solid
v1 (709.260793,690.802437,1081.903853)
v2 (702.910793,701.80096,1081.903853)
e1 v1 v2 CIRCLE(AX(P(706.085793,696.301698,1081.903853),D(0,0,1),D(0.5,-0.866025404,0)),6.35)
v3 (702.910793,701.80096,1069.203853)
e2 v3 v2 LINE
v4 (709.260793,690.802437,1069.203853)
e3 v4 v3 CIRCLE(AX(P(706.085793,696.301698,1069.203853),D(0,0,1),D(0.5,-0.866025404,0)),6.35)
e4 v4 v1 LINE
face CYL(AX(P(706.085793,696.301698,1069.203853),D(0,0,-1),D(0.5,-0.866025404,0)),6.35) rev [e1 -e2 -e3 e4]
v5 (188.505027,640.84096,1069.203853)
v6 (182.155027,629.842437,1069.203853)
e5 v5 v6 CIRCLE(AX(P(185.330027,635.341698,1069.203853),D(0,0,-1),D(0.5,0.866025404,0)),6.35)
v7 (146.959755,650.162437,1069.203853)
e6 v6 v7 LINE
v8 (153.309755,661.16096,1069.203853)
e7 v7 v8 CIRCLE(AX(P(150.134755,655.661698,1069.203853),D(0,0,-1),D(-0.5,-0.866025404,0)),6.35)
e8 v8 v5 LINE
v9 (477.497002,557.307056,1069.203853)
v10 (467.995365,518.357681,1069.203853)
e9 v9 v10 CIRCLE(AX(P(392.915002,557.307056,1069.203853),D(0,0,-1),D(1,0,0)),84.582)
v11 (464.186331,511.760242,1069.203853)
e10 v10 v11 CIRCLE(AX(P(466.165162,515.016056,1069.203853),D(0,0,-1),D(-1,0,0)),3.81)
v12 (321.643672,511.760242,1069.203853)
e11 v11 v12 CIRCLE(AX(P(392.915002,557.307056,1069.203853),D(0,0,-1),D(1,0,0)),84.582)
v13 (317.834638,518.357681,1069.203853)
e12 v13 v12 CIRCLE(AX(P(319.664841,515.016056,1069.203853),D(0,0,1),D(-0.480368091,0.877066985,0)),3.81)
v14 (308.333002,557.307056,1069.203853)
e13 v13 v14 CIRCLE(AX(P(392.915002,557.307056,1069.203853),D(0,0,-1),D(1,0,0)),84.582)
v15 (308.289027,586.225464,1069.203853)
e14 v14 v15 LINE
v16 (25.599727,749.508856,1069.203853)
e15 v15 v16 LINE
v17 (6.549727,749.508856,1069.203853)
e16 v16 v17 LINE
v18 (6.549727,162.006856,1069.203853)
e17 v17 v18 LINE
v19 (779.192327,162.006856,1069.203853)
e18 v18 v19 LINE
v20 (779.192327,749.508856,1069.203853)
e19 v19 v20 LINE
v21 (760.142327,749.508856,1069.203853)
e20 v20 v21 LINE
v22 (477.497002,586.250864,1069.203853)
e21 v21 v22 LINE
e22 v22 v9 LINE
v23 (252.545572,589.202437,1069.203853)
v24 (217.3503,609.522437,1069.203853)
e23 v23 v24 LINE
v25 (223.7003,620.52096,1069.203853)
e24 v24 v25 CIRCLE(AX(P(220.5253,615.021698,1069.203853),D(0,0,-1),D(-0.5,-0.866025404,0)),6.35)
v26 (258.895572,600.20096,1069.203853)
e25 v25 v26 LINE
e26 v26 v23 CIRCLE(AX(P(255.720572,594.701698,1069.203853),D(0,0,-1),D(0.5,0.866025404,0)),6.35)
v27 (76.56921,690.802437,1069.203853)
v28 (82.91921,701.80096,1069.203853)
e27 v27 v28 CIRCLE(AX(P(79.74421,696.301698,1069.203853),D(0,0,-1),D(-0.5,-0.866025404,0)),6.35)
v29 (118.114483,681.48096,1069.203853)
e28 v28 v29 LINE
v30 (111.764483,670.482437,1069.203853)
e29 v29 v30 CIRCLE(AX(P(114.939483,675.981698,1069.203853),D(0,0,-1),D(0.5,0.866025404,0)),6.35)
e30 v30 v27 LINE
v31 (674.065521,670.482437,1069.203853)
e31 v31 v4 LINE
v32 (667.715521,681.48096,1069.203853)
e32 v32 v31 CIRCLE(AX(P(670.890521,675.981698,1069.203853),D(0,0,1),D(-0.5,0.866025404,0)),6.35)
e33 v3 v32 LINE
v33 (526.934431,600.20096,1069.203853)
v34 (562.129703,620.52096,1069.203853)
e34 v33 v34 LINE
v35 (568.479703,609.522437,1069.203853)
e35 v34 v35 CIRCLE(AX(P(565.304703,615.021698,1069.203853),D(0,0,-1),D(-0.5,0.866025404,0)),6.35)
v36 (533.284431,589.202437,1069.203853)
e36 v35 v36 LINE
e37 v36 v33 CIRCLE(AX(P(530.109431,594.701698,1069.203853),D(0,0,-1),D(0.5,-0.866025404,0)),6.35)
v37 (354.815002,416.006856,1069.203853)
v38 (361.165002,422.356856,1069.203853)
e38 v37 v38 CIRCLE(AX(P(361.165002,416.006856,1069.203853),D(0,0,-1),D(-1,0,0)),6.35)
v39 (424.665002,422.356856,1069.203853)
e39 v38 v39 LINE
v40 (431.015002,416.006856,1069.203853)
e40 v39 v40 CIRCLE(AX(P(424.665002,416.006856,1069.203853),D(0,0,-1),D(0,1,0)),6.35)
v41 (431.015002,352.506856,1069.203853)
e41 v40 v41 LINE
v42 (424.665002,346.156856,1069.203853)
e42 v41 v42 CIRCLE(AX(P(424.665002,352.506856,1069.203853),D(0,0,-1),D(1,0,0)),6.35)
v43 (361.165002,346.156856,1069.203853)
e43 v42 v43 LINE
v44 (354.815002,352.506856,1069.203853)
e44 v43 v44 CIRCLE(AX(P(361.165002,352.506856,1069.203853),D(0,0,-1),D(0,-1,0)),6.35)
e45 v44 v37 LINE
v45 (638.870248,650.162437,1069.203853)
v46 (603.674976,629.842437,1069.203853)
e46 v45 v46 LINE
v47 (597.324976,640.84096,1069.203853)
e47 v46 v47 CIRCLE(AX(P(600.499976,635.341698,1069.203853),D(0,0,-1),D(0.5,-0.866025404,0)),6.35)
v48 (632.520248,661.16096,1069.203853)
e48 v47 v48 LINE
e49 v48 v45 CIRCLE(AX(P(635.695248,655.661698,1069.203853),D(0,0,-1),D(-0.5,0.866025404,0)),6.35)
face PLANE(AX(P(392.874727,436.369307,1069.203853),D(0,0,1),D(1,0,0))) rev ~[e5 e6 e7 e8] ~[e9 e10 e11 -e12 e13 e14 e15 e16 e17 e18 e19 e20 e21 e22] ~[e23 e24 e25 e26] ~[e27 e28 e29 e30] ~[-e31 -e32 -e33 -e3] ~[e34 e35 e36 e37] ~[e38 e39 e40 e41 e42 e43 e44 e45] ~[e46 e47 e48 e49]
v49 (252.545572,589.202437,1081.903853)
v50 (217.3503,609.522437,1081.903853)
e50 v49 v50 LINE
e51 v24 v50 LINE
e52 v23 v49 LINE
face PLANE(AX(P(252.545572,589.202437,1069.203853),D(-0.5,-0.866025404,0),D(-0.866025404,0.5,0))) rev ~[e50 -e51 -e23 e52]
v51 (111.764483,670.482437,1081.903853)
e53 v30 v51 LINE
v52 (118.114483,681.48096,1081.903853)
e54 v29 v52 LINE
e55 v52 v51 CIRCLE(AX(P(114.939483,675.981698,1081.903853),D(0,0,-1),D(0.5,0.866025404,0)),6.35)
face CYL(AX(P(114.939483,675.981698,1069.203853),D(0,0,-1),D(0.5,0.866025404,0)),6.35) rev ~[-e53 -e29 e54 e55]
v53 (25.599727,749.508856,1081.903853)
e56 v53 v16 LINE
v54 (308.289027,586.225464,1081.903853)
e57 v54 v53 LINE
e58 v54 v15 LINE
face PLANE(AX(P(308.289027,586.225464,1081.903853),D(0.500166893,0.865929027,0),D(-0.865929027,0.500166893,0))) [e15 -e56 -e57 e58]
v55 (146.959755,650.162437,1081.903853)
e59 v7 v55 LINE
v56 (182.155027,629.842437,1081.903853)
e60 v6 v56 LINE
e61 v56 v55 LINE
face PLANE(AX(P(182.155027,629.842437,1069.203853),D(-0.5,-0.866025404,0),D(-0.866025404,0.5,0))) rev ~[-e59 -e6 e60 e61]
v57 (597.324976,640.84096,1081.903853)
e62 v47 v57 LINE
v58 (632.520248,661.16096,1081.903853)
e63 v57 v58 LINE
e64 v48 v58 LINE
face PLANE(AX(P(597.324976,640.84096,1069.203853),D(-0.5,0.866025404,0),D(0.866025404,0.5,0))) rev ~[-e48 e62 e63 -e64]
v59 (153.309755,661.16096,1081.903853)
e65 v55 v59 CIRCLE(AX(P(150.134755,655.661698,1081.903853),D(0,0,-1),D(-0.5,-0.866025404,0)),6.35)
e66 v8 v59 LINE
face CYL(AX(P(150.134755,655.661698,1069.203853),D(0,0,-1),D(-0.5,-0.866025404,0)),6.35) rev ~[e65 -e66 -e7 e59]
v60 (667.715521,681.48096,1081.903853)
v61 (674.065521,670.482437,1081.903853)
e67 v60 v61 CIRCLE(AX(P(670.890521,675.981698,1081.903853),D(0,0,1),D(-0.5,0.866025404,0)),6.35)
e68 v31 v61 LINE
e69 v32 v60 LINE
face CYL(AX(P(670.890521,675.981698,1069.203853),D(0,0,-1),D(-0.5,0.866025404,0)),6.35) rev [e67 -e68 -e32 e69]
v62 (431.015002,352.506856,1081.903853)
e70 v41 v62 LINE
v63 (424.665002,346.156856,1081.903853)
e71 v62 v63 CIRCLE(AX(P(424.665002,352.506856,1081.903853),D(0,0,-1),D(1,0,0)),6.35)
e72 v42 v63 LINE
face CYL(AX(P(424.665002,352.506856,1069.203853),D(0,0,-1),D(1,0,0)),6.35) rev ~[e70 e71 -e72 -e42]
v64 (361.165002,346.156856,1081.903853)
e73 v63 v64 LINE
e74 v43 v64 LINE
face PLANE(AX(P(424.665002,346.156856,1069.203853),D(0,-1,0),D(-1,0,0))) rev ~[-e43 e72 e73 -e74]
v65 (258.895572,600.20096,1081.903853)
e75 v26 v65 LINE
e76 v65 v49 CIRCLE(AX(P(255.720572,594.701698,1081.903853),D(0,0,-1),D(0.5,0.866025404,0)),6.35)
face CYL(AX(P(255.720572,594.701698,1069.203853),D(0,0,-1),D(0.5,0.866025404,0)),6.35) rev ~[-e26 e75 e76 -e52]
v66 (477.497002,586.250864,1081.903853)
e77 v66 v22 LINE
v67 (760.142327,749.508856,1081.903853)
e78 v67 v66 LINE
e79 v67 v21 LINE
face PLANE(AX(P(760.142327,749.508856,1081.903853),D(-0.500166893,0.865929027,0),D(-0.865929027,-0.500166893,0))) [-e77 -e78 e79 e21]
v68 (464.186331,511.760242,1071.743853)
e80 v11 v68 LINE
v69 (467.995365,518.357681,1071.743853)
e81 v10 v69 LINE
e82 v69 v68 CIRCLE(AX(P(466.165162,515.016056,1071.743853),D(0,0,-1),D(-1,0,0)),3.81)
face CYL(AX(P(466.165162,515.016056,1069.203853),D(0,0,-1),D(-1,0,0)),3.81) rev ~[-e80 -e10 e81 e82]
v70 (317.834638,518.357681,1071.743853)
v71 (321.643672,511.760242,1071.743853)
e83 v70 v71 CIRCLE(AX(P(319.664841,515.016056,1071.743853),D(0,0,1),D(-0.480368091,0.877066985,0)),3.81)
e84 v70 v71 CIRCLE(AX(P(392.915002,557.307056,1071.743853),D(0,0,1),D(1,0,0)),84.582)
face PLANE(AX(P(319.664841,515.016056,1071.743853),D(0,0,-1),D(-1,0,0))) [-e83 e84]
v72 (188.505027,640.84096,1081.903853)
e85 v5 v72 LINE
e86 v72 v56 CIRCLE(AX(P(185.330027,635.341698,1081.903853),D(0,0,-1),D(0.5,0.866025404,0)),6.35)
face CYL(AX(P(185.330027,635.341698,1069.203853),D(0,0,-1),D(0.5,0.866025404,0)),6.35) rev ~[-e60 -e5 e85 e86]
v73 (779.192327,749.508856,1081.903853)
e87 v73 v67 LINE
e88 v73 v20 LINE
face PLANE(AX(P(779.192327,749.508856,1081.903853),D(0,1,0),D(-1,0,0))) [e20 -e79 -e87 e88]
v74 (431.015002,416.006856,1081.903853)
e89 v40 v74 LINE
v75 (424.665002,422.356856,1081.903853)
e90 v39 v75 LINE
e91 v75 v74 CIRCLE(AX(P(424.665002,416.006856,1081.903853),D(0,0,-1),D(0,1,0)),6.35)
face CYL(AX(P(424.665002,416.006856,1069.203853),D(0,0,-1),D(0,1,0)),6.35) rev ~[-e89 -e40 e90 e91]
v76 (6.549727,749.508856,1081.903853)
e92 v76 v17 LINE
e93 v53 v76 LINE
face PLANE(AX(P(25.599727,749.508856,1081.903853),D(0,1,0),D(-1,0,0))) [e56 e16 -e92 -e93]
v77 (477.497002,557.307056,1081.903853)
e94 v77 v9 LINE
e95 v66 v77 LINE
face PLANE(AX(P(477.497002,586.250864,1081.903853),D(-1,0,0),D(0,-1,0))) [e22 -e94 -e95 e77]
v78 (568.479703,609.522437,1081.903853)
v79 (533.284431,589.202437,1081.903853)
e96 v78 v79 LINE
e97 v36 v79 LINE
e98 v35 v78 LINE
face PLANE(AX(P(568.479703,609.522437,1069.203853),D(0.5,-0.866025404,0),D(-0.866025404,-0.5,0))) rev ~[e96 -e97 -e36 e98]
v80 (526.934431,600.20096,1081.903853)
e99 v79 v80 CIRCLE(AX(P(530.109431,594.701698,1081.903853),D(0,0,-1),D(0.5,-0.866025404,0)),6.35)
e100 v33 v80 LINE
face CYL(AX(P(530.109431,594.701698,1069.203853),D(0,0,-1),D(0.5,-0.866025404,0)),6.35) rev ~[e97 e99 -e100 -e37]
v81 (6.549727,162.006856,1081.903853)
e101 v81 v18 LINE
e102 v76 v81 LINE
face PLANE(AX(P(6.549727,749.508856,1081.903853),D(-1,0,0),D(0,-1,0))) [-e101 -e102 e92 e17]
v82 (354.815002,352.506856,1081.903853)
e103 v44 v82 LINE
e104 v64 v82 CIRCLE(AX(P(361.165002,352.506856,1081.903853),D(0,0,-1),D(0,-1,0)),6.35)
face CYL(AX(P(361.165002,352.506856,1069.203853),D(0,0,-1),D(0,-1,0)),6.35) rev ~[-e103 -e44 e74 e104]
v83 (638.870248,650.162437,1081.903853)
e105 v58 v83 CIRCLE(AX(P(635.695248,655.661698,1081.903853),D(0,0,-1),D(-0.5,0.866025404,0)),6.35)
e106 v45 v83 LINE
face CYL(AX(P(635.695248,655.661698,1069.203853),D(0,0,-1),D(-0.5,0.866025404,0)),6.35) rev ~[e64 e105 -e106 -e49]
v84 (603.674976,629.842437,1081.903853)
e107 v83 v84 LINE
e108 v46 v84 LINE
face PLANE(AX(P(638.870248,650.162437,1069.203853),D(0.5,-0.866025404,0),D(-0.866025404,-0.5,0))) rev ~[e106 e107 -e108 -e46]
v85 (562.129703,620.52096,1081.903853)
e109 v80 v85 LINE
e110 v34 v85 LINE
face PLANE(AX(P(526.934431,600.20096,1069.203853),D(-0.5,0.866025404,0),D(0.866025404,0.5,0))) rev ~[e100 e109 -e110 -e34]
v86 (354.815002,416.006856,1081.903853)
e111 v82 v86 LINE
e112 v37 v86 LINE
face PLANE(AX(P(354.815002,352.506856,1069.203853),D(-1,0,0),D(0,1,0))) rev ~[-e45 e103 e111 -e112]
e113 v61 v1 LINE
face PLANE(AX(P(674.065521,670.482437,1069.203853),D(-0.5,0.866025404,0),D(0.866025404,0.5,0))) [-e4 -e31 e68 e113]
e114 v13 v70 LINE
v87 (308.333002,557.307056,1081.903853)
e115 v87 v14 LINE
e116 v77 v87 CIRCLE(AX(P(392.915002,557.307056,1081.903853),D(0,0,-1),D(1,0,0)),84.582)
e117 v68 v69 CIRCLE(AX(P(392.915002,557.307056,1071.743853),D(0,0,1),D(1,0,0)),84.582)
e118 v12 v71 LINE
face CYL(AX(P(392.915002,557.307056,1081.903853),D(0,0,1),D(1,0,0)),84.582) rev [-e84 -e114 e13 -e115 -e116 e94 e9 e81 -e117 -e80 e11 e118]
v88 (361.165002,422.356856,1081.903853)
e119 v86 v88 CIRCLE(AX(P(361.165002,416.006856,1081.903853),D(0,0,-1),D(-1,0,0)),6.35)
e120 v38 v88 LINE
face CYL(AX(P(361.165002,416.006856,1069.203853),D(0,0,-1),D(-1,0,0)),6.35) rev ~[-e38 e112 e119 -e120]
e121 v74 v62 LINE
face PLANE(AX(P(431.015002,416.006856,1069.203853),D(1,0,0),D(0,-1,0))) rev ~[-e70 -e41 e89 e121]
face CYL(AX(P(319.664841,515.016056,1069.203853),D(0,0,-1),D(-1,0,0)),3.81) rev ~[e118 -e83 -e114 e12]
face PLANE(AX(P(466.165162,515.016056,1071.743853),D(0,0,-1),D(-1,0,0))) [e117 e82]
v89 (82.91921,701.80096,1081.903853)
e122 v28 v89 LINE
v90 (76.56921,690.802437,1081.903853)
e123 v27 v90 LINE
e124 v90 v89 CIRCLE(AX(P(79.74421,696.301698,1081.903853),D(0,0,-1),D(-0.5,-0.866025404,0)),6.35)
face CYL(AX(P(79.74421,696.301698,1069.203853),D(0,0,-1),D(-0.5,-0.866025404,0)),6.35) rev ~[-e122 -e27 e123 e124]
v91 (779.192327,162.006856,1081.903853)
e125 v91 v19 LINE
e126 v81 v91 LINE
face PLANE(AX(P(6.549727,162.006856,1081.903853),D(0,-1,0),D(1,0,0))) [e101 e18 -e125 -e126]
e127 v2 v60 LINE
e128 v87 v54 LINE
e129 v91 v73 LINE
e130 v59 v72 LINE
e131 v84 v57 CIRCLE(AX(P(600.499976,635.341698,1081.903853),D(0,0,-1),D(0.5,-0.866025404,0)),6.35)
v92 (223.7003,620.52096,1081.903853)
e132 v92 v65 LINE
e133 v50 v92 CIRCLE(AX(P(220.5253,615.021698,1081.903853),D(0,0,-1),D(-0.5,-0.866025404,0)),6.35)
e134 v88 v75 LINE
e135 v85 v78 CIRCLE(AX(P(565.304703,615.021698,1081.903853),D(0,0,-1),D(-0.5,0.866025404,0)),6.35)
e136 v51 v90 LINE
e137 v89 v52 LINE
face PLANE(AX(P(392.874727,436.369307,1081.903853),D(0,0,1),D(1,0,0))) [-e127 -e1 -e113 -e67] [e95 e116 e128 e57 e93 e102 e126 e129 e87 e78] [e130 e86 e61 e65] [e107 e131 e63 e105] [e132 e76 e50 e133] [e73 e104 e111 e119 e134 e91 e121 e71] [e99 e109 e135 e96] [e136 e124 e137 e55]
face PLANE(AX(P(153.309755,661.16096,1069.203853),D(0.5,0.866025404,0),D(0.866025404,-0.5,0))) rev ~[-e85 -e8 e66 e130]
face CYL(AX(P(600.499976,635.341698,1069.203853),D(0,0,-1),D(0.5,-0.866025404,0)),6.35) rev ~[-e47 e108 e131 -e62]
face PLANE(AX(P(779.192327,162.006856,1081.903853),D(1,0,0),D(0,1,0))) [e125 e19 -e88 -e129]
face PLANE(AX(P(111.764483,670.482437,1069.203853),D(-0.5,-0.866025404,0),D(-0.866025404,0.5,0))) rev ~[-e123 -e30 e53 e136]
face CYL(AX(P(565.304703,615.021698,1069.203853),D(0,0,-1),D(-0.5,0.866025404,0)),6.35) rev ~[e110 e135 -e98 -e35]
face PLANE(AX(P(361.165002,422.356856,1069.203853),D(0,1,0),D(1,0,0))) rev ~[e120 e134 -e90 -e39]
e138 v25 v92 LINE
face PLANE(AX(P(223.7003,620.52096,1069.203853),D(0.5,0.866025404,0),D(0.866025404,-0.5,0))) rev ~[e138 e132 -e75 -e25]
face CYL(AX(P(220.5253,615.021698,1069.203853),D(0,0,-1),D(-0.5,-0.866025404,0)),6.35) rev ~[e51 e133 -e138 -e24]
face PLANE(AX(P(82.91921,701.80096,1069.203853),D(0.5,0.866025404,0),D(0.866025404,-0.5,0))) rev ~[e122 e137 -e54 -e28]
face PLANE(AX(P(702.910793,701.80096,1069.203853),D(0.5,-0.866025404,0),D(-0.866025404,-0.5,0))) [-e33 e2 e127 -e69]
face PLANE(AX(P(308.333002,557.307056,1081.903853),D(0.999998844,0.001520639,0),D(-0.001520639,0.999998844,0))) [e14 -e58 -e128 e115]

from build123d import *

# Parameters (mm, degrees)
BOSS_EXTRUDE1_DEPTH = 12.7
CUT_EXTRUDE5_DEPTH  = 12.7
SKETCH9_R           = 3.81
CUT_EXTRUDE6_DEPTH  = 2.54
CUT_EXTRUDE7_DEPTH  = 12.7


with BuildPart() as part:
    # Sketch1 → Boss-Extrude1 (new body)
    with BuildSketch(Plane.XY.offset(1081.90385267)):
        with BuildLine():
            Line((779.192327096, 749.508856284), (760.142327096, 749.508856284))
            Line((760.142327096, 749.508856284), (477.497001613, 586.250864284))
            Line((477.497001613, 586.250864284), (477.497001613, 557.307056284))
            ThreePointArc((477.497001613, 557.307056284), (392.915001613, 472.725056284), (308.333001613, 557.307056284))
            Line((308.333001613, 557.307056284), (308.289027096, 586.225464284))
            Line((308.289027096, 586.225464284), (25.599727096, 749.508856284))
            Line((25.599727096, 749.508856284), (6.549727096, 749.508856284))
            Line((6.549727096, 749.508856284), (6.549727096, 162.006856284))
            Line((6.549727096, 162.006856284), (779.192327096, 162.006856284))
            Line((779.192327096, 162.006856284), (779.192327096, 749.508856284))
        make_face()
    extrude(amount=-BOSS_EXTRUDE1_DEPTH)

    # Sketch7 → Cut-Extrude5 (cut)
    with BuildSketch(Plane(origin=(0, 0, 1069.20385267), x_dir=(-1, 0, 0), z_dir=(0, 0, -1))):
        with BuildLine():
            Line((-424.665001613, 346.156856284), (-361.165001613, 346.156856284))
            ThreePointArc((-361.165001613, 346.156856284), (-356.674873552, 348.016728223), (-354.815001613, 352.506856284))
            Line((-354.815001613, 352.506856284), (-354.815001613, 416.006856284))
            ThreePointArc((-354.815001613, 416.006856284), (-356.674873552, 420.496984344), (-361.165001613, 422.356856284))
            Line((-361.165001613, 422.356856284), (-424.665001613, 422.356856284))
            ThreePointArc((-424.665001613, 422.356856284), (-429.155129673, 420.496984344), (-431.015001613, 416.006856284))
            Line((-431.015001613, 416.006856284), (-431.015001613, 352.506856284))
            ThreePointArc((-431.015001613, 352.506856284), (-429.155129673, 348.016728223), (-424.665001613, 346.156856284))
        make_face()
    extrude(amount=-CUT_EXTRUDE5_DEPTH, mode=Mode.SUBTRACT)

    # Sketch9 → Cut-Extrude6 (cut)
    with BuildSketch(Plane(origin=(0, 0, 1069.20385267), x_dir=(-1, 0, 0), z_dir=(0, 0, -1))):
        with Locations((-466.165162315, 515.016056284)):
            Circle(SKETCH9_R)
        with Locations((-319.66484091, 515.016056284)):
            Circle(SKETCH9_R)
    extrude(amount=-CUT_EXTRUDE6_DEPTH, mode=Mode.SUBTRACT)

    # Sketch10 → Cut-Extrude7 (cut)
    with BuildSketch(Plane(origin=(0, 0, 1069.20385267), x_dir=(-1, 0, 0), z_dir=(0, 0, -1))):
        with BuildLine():
            Line((-82.919210129, 701.800959598), (-118.114482539, 681.480959598))
            ThreePointArc((-118.114482539, 681.480959598), (-120.438743853, 672.806698284), (-111.764482539, 670.48243697))
            Line((-111.764482539, 670.48243697), (-76.569210129, 690.80243697))
            ThreePointArc((-76.569210129, 690.80243697), (-74.244948815, 699.476698284), (-82.919210129, 701.800959598))
        make_face()
        with BuildLine():
            Line((-702.910793096, 701.800959598), (-667.715520686, 681.480959598))
            ThreePointArc((-667.715520686, 681.480959598), (-665.391259372, 672.806698284), (-674.065520686, 670.48243697))
            Line((-674.065520686, 670.48243697), (-709.260793096, 690.80243697))
            ThreePointArc((-709.260793096, 690.80243697), (-711.58505441, 699.476698284), (-702.910793096, 701.800959598))
        make_face()
        with BuildLine():
            Line((-153.309754949, 661.160959597), (-188.505027358, 640.840959598))
            ThreePointArc((-188.505027358, 640.840959598), (-190.829288672, 632.166698284), (-182.155027358, 629.84243697))
            Line((-182.155027358, 629.84243697), (-146.959754949, 650.16243697))
            ThreePointArc((-146.959754949, 650.16243697), (-144.635493635, 658.836698283), (-153.309754949, 661.160959597))
        make_face()
        with BuildLine():
            Line((-638.870248276, 650.16243697), (-603.674975867, 629.84243697))
            ThreePointArc((-603.674975867, 629.84243697), (-595.000714553, 632.166698284), (-597.324975867, 640.840959598))
            Line((-597.324975867, 640.840959598), (-632.520248276, 661.160959598))
            ThreePointArc((-632.520248276, 661.160959598), (-641.19450959, 658.836698284), (-638.870248276, 650.16243697))
        make_face()
        with BuildLine():
            Line((-568.479703457, 609.52243697), (-533.284431047, 589.20243697))
            ThreePointArc((-533.284431047, 589.20243697), (-524.610169733, 591.526698284), (-526.934431047, 600.200959598))
            Line((-526.934431047, 600.200959598), (-562.129703457, 620.520959598))
            ThreePointArc((-562.129703457, 620.520959598), (-570.803964771, 618.196698284), (-568.479703457, 609.52243697))
        make_face()
        with BuildLine():
            Line((-223.700299768, 620.520959597), (-258.895572178, 600.200959597))
            ThreePointArc((-258.895572178, 600.200959597), (-261.219833492, 591.526698284), (-252.545572178, 589.20243697))
            Line((-252.545572178, 589.20243697), (-217.350299768, 609.52243697))
            ThreePointArc((-217.350299768, 609.52243697), (-215.026038454, 618.196698283), (-223.700299768, 620.520959597))
        make_face()
    extrude(amount=-CUT_EXTRUDE7_DEPTH, mode=Mode.SUBTRACT)


solid = part.part
